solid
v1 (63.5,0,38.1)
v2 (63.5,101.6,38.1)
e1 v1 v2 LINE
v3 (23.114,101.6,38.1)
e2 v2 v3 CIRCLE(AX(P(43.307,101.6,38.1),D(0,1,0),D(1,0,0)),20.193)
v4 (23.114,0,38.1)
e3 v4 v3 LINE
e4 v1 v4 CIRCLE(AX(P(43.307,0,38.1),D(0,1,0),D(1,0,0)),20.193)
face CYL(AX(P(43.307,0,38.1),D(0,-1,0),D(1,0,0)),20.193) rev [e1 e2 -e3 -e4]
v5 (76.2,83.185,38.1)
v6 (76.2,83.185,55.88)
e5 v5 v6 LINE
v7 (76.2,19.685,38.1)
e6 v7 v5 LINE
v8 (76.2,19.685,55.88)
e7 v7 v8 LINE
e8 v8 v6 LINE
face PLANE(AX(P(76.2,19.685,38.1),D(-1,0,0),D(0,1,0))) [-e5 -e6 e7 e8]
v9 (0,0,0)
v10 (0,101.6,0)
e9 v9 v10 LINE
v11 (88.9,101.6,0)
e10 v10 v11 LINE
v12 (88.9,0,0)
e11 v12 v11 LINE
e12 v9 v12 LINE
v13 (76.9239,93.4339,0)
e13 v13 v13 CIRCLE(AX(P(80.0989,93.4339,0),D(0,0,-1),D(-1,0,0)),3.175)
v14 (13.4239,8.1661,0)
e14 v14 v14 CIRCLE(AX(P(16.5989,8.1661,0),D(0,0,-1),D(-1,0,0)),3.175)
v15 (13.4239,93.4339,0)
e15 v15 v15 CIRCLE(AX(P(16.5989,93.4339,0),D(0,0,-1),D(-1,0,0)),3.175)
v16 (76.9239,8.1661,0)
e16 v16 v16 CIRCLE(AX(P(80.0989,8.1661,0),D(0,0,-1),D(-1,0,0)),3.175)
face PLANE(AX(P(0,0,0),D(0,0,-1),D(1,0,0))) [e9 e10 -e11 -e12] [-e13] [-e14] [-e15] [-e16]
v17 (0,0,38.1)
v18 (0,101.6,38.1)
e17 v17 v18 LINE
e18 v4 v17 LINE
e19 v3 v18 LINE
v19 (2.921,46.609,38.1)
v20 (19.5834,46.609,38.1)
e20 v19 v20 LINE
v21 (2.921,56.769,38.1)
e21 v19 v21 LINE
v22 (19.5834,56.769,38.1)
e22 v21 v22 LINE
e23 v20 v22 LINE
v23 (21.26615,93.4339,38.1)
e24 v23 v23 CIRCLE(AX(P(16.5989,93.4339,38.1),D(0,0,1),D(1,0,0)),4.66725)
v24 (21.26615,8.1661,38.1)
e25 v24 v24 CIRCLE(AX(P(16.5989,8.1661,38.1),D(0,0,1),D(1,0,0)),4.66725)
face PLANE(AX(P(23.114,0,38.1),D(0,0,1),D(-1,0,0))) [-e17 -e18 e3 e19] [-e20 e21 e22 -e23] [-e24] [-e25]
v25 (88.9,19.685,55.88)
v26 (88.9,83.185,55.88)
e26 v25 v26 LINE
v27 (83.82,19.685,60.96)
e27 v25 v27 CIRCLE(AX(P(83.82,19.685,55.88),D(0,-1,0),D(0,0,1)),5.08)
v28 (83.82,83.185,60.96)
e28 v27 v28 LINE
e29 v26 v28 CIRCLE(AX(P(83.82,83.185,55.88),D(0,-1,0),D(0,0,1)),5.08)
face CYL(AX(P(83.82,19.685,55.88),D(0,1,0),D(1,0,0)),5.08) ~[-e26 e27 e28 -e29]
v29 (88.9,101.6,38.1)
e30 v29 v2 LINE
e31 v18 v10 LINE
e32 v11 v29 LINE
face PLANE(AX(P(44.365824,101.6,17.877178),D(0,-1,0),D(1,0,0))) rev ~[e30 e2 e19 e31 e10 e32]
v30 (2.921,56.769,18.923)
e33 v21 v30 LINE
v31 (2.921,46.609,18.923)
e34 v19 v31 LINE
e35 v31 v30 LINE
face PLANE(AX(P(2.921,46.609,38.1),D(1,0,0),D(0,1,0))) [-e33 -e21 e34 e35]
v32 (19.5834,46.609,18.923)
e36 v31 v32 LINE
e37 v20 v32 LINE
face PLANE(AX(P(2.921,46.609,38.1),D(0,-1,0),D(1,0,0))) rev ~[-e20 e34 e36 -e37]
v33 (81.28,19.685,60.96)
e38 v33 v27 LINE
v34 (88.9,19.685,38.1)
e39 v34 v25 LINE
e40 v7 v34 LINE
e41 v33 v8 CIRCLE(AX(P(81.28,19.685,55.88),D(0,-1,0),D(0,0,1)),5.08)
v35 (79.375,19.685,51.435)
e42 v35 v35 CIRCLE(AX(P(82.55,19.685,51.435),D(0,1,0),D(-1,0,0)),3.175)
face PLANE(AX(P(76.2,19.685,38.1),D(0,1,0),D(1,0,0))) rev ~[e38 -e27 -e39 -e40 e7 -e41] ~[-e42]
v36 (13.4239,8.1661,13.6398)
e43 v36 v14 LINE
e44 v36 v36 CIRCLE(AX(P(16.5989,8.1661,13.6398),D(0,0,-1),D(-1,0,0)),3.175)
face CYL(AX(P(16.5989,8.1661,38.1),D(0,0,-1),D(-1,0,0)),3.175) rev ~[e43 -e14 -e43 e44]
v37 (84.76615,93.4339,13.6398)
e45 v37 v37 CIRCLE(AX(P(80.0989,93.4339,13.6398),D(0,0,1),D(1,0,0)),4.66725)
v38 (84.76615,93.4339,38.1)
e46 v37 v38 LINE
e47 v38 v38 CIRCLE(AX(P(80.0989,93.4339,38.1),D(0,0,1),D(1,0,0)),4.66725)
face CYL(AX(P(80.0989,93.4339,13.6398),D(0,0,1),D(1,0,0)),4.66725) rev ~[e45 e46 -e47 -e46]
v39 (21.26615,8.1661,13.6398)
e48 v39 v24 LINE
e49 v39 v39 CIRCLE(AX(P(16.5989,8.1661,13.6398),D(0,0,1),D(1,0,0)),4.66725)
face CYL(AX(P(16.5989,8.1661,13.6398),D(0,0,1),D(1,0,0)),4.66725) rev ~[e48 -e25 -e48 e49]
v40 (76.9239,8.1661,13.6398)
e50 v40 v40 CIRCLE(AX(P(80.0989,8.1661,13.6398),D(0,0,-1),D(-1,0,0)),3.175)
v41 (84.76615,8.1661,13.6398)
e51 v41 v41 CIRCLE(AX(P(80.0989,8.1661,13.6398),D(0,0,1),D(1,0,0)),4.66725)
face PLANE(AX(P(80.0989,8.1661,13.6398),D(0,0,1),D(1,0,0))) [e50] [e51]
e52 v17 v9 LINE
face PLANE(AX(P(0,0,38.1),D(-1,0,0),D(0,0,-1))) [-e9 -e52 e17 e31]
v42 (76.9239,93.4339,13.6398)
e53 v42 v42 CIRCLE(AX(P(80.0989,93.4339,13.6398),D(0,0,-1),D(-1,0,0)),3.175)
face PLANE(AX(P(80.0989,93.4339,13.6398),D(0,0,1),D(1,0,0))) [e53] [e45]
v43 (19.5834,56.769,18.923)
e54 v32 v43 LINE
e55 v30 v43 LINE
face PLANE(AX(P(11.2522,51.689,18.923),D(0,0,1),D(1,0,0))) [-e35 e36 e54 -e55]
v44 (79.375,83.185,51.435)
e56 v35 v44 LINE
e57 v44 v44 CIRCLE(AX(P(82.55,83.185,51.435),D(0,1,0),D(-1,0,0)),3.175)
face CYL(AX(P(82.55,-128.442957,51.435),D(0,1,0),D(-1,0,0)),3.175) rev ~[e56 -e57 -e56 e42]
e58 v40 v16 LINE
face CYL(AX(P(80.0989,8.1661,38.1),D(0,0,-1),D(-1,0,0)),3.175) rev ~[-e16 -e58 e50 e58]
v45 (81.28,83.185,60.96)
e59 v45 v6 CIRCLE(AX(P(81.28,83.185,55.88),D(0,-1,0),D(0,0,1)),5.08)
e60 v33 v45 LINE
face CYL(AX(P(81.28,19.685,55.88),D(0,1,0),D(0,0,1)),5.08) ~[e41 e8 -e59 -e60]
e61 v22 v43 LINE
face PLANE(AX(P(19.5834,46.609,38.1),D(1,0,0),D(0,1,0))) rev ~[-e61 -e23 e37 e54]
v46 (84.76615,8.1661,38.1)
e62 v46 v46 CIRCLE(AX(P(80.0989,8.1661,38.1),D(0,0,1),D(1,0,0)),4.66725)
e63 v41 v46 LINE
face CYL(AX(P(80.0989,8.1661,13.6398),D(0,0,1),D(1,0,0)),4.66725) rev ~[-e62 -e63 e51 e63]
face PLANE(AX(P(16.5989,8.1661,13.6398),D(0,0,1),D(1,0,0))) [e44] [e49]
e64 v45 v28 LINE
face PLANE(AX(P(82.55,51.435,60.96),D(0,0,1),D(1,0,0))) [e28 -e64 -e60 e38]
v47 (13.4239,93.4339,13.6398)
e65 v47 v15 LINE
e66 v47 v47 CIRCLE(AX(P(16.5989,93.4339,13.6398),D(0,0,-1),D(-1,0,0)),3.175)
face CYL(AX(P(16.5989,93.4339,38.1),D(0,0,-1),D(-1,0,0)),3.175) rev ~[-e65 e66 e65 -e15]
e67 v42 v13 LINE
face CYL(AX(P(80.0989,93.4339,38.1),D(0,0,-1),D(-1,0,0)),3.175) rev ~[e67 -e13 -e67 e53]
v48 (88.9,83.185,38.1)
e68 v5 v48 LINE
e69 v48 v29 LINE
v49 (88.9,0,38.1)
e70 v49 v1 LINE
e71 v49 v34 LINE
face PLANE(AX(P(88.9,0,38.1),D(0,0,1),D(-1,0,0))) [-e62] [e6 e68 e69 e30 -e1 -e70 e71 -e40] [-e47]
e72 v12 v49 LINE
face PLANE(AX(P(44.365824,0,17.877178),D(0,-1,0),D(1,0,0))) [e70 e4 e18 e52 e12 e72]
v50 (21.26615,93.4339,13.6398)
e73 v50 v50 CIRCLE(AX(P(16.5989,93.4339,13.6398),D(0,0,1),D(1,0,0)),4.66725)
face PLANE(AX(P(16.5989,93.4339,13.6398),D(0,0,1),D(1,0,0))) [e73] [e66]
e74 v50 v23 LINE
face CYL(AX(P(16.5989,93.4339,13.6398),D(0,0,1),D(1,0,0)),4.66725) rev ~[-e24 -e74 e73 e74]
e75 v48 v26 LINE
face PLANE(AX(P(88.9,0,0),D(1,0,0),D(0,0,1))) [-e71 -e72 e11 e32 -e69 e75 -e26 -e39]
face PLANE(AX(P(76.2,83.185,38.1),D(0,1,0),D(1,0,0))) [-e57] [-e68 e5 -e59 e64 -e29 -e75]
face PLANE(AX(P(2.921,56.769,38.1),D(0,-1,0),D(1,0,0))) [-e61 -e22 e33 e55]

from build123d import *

# Parameters (mm, degrees)
F1_DEPTH       = 101.6
F3_D           = 6.35
F3_CBORE_D     = 9.3345
F3_CBORE_DEPTH = 24.4602
F4_W           = 12.7
F4_H           = 63.5
F5_DEPTH       = 22.86
F7_D           = 6.35
F8_R           = 5.08
F9_W           = 16.6624
F9_H           = 10.16
F10_DEPTH      = 19.177


with BuildPart() as f1:
    # F0 (on Front) → F1 (new body)
    with BuildSketch(Plane.XZ):
        with BuildLine():
            Line((0, 38.1), (0, 0))
            Line((0, 0), (88.9, 0))
            Line((88.9, 0), (88.9, 38.1))
            Line((88.9, 38.1), (63.5, 38.1))
            ThreePointArc((63.5, 38.1), (43.307, 17.907), (23.114, 38.1))
            Line((23.114, 38.1), (0, 38.1))
        make_face()
    extrude(amount=-F1_DEPTH)

    # F3 (through all)
    with Locations(Plane.XY.offset(38.1)):
        with Locations((16.5989, 8.1661), (16.5989, 93.4339), (80.0989, 93.4339), (80.0989, 8.1661)):
            CounterBoreHole(F3_D / 2, F3_CBORE_D / 2, F3_CBORE_DEPTH)

    # F4 (on face) → F5 (join)
    with BuildSketch(Plane.XY.offset(38.1)):
        with Locations((82.55, 51.435)):
            Rectangle(F4_W, F4_H)
    extrude(amount=F5_DEPTH)

    # F7 (through all)
    with Locations(Plane.XZ.offset(-19.685)):
        with Locations((82.55, 51.435)):
            Hole(F7_D / 2)

    # F8
    f8_edges = [f1.edges().sort_by_distance(p)[0] for p in [
        (76.2, 51.435, 60.96),
        (88.9, 51.435, 60.96),
    ]]
    fillet(f8_edges, radius=F8_R)

    # F9 (on face) → F10 (cut)
    with BuildSketch(Plane.XY.offset(38.1)):
        with Locations((11.2522, 51.689)):
            Rectangle(F9_W, F9_H)
    extrude(amount=-F10_DEPTH, mode=Mode.SUBTRACT)


solid = f1.part
